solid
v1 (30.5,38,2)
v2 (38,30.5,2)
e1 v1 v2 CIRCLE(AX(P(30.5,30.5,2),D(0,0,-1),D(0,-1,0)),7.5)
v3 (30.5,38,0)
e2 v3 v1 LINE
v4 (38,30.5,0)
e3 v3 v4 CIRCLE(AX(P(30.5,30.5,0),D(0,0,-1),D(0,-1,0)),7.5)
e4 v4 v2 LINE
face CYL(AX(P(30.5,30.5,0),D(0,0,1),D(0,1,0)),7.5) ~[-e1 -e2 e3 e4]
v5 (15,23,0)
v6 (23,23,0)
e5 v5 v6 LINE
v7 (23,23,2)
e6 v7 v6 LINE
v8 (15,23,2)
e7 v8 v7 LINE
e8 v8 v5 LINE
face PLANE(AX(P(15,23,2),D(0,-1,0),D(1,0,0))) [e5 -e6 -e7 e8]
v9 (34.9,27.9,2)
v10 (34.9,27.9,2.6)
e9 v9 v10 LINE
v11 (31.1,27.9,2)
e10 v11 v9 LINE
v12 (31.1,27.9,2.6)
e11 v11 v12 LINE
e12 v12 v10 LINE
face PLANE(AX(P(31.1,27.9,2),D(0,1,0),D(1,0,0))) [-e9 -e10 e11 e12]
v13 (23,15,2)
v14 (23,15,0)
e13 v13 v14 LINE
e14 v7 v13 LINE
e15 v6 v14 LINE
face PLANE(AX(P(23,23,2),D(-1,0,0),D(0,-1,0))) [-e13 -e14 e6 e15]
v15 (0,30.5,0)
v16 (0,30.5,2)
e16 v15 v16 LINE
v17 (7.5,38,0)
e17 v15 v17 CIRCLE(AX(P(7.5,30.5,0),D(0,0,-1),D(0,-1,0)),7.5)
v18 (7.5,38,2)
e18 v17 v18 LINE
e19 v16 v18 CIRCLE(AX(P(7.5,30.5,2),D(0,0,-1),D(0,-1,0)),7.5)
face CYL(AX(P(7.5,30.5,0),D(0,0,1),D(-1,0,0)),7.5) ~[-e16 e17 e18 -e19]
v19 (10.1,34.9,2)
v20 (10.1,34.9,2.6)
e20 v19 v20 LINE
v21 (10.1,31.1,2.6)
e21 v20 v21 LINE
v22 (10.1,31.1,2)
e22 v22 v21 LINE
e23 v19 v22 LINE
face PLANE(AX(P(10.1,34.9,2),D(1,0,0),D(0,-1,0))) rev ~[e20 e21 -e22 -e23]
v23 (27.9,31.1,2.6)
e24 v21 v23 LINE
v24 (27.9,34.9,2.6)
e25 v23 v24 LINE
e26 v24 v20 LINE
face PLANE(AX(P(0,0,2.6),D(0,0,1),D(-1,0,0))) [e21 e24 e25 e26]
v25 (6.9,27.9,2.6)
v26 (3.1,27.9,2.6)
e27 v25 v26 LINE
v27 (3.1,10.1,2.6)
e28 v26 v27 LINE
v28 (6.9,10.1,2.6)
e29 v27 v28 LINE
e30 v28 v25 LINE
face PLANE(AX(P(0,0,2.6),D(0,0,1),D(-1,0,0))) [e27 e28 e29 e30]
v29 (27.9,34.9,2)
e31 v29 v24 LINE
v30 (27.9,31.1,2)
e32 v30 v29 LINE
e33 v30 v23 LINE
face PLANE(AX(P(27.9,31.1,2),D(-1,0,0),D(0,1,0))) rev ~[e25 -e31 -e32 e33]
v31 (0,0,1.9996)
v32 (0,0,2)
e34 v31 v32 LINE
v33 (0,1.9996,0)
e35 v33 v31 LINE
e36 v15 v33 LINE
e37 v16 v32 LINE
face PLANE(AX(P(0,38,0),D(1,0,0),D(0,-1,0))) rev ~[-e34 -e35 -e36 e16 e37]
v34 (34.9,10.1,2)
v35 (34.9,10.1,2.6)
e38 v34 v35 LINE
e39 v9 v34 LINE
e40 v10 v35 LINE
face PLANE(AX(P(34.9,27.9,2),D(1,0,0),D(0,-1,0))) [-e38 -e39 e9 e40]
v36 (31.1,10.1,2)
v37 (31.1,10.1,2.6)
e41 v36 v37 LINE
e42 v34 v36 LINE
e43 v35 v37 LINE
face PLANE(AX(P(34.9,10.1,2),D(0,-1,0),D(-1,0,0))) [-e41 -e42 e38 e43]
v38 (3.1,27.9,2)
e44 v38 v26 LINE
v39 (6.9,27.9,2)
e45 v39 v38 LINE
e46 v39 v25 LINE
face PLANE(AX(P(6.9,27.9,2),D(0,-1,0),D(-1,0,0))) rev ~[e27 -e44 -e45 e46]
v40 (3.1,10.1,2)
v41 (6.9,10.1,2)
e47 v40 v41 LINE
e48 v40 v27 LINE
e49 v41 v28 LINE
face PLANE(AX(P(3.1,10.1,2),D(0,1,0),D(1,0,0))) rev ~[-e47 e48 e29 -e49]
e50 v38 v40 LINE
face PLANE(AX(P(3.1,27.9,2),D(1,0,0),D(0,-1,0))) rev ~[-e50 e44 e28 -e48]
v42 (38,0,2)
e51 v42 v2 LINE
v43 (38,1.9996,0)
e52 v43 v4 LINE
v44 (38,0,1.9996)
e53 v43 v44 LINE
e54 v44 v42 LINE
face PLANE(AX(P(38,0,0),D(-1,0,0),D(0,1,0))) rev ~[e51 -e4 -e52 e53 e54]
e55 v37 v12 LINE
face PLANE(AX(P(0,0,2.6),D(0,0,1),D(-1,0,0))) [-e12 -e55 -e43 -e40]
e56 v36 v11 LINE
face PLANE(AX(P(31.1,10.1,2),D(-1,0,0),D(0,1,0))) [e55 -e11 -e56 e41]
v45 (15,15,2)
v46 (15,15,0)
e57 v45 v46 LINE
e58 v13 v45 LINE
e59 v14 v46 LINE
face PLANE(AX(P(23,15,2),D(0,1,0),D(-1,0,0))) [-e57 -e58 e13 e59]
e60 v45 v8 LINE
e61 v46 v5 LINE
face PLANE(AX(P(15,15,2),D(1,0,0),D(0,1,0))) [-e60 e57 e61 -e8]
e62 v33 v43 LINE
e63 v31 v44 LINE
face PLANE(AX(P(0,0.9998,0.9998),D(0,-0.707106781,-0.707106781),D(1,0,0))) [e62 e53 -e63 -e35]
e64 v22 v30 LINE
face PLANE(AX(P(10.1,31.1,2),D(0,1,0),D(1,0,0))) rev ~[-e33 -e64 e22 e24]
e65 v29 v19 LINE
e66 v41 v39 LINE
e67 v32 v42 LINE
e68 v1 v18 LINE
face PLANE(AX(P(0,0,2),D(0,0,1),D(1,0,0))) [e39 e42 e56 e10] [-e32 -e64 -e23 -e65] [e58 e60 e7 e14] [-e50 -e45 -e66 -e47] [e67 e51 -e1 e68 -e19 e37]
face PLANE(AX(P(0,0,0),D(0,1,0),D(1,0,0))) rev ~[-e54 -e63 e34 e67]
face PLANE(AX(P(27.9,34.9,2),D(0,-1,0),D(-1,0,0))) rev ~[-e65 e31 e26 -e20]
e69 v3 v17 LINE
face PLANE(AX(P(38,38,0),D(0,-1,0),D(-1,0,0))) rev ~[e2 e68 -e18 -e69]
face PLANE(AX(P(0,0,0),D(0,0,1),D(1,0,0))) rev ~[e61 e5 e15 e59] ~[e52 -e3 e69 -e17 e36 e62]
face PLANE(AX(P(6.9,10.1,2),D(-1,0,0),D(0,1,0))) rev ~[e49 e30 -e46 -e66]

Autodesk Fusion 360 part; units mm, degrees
sketch "Sketch1" plane through (0, 0, 0) normal (0, 0, 1) x (1, 0, 0)
  line L0 (0, 0) -> (38, 0)
  line L1 (38, 0) -> (38, 38)
  line L2 (38, 38) -> (0, 38)
  line L3 (0, 38) -> (0, 0)
  dimension "d1" = 38
  dimension "d2" = 38
extrude "Extrude1" add sketch "Sketch1" along normal blind 2
sketch "Sketch2" plane through (0, 0, 2) normal (0, 0, 1) x (-1, 0, 0)
  line L0 (0, -38) -> (0, 0)
  line L1 (0, 0) -> (-38, 0)
  line L2 (-38, 0) -> (-38, -38)
  line L3 (-38, -38) -> (0, -38)
  line L4 (-23, -23) -> (-23, -15)
  line L5 (-23, -15) -> (-15, -15)
  line L6 (-15, -15) -> (-15, -23)
  line L7 (-15, -23) -> (-23, -23)
  dimension "d6" = 8
  dimension "d7" = 8
  dimension "d8" = 8
  dimension "d9" = 15
  dimension "d10" = 15
extrude "Extrude2" cut sketch "Sketch2" against normal blind 7 contours L4 L5 L6 L7
sketch "Sketch3" plane through (0, 0, 2) normal (0, 0, 1) x (-1, 0, 0)
  line L0 (-23, -15) -> (-15, -15)
  line L1 (-15, -15) -> (-15, -23)
  line L2 (-15, -23) -> (-23, -23)
  line L3 (-23, -23) -> (-23, -15)
  line L4 (0, -38) -> (0, 0)
  line L5 (0, 0) -> (-38, 0)
  line L6 (-38, 0) -> (-38, -38)
  line L7 (-38, -38) -> (0, -38)
  line L8 (-15, -23) -> (-15, -28)
  line L9 (-15, -28) -> (-10, -28)
  line L10 (-10, -28) -> (-28, -28)
  line L11 (-28, -28) -> (-28, -10)
  line L12 (-28, -10) -> (-10, -10)
  line L13 (-10, -10) -> (-10, -28)
  line L14 (-31, -28) -> (-35, -28)
  line L15 (-35, -28) -> (-35, -10)
  line L16 (-35, -10) -> (-31, -10)
  line L17 (-31, -10) -> (-31, -28)
  line L18 (-19, -28) -> (-19, -10)
  line L19 (-28, -28) -> (-10, -10)
  line L20 (-28, -31) -> (-28, -35)
  line L21 (-10, -31) -> (-28, -31)
  line L22 (-28, -35) -> (-10, -35)
  line L23 (-10, -35) -> (-10, -31)
  line L24 (-7, -10) -> (-7, -28)
  line L25 (-7, -28) -> (-3, -28)
  line L26 (-3, -28) -> (-3, -10)
  line L27 (-3, -10) -> (-7, -10)
  line L28 (-31.1, -27.9) -> (-34.9, -27.9)
  line L29 (-34.9, -27.9) -> (-34.9, -10.1)
  line L30 (-34.9, -10.1) -> (-31.1, -10.1)
  line L31 (-31.1, -10.1) -> (-31.1, -27.9)
  line L32 (-27.9, -31.1) -> (-27.9, -34.9)
  line L33 (-10.1, -31.1) -> (-27.9, -31.1)
  line L34 (-27.9, -34.9) -> (-10.1, -34.9)
  line L35 (-10.1, -34.9) -> (-10.1, -31.1)
  line L36 (-6.9, -27.9) -> (-3.1, -27.9)
  line L37 (-6.9, -10.1) -> (-6.9, -27.9)
  line L38 (-3.1, -27.9) -> (-3.1, -10.1)
  line L39 (-3.1, -10.1) -> (-6.9, -10.1)
  dimension "d13" = 5
  dimension "d14" = 5
  dimension "d15" = 18
  dimension "d16" = 18
  dimension "d17" = 4
  dimension "d18" = 3
  dimension "d19" = 0.1
  dimension "d20" = 0.1
  dimension "d21" = 0.1
  dimension "d22" = 0.1
extrude "Extrude3" add sketch "Sketch3" along normal blind 0.6 contours L28 L29 L30 L31 | L32 L33 L34 L35 | L36 L37 L38 L39
fillet "Fillet1" radius 7.5 2 edges at (0, 38, 1) (38, 38, 1)
chamfer "Chamfer2" distance 2 angle 45 1 edges at (19, 0, 0)
